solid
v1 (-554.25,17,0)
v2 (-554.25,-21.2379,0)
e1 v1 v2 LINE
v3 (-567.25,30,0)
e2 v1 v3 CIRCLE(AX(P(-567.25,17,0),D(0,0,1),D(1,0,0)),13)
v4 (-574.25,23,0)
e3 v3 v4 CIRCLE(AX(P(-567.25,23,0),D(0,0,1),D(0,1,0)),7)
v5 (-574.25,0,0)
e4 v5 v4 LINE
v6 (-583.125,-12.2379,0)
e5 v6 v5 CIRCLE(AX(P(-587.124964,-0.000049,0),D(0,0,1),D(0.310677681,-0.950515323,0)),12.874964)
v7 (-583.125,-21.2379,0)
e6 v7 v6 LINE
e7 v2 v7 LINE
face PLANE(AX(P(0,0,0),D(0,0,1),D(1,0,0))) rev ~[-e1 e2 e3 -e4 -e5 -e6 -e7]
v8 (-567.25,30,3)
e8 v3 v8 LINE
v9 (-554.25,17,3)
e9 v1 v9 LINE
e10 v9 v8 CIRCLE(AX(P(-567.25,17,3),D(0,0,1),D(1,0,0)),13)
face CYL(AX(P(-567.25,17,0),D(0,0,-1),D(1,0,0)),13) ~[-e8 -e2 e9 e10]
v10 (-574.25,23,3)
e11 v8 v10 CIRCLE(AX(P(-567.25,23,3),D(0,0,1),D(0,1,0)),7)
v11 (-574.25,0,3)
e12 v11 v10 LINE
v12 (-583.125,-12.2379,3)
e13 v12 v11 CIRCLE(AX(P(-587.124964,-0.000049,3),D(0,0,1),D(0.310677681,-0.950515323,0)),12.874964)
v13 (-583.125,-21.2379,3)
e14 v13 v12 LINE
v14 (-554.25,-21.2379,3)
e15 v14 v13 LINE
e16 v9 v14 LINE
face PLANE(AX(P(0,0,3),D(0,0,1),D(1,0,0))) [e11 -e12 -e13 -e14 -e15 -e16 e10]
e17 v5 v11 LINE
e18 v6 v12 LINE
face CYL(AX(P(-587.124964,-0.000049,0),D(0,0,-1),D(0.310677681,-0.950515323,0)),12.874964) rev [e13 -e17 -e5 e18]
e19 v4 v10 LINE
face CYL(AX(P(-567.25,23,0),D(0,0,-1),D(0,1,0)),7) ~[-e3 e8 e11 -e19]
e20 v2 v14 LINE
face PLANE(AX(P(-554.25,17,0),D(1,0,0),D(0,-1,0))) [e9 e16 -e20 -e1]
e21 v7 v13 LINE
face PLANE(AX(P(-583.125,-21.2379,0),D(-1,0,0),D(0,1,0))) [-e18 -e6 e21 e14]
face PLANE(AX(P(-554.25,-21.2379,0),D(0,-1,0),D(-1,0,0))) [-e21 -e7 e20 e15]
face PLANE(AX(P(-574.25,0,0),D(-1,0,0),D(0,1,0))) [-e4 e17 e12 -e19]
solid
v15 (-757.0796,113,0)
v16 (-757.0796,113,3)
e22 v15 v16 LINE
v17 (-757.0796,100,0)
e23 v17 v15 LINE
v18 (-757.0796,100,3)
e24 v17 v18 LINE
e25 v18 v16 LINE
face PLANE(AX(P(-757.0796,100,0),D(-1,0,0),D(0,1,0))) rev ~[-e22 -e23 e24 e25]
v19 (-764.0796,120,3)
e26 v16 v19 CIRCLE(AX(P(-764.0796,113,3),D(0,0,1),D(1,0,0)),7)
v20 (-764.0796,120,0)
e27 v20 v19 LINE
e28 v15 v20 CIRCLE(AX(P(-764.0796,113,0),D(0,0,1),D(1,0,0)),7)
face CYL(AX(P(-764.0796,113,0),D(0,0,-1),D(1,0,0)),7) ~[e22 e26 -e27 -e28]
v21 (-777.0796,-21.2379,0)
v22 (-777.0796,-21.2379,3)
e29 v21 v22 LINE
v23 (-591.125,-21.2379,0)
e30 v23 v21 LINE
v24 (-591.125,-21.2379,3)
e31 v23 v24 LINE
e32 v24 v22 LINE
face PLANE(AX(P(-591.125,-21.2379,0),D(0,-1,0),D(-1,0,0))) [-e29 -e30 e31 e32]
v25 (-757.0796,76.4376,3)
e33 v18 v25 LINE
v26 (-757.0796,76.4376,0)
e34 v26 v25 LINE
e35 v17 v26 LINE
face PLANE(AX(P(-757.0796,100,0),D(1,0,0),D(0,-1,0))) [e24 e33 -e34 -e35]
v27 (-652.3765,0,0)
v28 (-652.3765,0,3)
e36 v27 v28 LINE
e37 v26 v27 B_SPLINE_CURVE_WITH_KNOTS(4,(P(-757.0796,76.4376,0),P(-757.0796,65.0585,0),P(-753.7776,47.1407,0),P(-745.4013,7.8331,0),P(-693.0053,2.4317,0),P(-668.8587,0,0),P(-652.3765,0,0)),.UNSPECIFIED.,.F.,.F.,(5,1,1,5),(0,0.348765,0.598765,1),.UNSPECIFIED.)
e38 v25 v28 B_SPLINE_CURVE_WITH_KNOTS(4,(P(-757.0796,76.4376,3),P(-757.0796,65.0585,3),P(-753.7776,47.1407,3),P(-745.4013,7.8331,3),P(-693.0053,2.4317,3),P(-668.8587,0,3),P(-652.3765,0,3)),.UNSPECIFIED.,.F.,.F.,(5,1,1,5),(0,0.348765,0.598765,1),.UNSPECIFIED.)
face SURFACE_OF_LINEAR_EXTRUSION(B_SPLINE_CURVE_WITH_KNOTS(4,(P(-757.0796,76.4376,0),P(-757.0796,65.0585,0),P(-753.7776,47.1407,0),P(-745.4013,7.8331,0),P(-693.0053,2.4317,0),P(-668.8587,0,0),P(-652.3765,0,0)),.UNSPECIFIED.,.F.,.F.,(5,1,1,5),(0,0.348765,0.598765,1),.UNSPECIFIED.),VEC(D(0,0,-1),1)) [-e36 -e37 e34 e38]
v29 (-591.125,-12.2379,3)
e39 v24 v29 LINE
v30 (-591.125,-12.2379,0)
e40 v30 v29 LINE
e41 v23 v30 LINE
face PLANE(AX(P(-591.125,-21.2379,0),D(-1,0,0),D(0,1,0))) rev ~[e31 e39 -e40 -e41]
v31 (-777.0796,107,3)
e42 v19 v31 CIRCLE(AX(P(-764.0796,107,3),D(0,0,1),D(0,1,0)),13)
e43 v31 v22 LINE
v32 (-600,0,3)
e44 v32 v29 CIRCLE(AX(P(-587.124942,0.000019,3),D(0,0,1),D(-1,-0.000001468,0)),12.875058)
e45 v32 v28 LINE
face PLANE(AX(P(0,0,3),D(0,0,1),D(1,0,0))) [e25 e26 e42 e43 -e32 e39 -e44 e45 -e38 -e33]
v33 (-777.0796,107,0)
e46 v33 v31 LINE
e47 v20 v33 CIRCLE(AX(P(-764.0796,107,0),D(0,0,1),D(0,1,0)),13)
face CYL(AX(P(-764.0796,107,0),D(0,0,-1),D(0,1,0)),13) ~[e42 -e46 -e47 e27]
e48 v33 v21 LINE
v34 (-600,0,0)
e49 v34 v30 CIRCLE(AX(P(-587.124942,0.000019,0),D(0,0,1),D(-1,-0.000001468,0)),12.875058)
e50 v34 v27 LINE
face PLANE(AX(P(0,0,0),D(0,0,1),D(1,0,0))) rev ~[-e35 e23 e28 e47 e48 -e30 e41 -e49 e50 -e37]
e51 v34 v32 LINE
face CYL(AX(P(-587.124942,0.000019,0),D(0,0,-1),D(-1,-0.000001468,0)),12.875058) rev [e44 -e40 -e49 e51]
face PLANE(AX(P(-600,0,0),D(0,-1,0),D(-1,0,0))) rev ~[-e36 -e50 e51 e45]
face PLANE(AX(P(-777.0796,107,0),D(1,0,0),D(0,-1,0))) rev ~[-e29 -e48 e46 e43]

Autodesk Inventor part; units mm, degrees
ref_plane "YZ Plane" through (0, 0, 0) normal (1, 0, 0) x (0, 1, 0)
ref_plane "XZ Plane" through (0, 0, 0) normal (0, 1, 0) x (-1, 0, 0)
ref_plane "XY Plane" through (0, 0, 0) normal (0, 0, 1) x (1, 0, 0)
sketch "Sketch3" plane through (0, 0, 0) normal (0, 0, 1) x (1, 0, 0)
  circle A0 centre (368.0481, 50) radius 50 construction
  line L0 (368.0481, 0) -> (514.9541, 0) construction
  line L1 (368.0481, 50) -> (514.9541, 50) construction
  line L2 (368.0481, 100) -> (514.9541, 100) construction
  line L3 (368.0481, 50) -> (343.0481, 6.6987) construction
  line L4 (368.0481, 50) -> (324.7469, 25) construction
  line L5 (368.0481, 50) -> (324.7469, 75) construction
  line L6 (343.0481, 93.3013) -> (368.0481, 50) construction
  line L7 (393.0481, 93.3013) -> (368.0481, 50) construction
  line L8 (411.3494, 75) -> (368.0481, 50) construction
  line L9 (411.3494, 25) -> (368.0481, 50) construction
  line L10 (393.0481, 6.6987) -> (368.0481, 50) construction
  line L11 (368.0481, 0) -> (368.0481, 100) construction
  line L12 (418.0481, 50) -> (368.0481, 50) construction
  line L13 (341.8682, 0) -> (341.8682, 100) construction
  line L14 (315.6883, 0) -> (315.6883, 100) construction
  line L15 (289.5083, 0) -> (289.5083, 100) construction
  line L16 (263.3284, 0) -> (263.3284, 100) construction
  line L17 (237.1485, 0) -> (237.1485, 100) construction
  line L18 (210.9685, 0) -> (210.9685, 100) construction
  line L19 (184.7886, 0) -> (184.7886, 100) construction
  line L20 (158.6086, 0) -> (158.6086, 100) construction
  circle A1 centre (315.6883, 50) radius 50 construction
  circle A2 centre (341.8682, 50) radius 50 construction
  circle A3 centre (289.5083, 50) radius 50 construction
  circle A4 centre (263.3284, 50) radius 50 construction
  circle A5 centre (237.1485, 50) radius 50 construction
  circle A6 centre (210.9685, 50) radius 50 construction
  line L21 (393.0481, 6.6987) -> (514.9541, 6.6987) construction
  line L22 (411.3494, 25) -> (514.9541, 25) construction
  line L23 (411.3494, 75) -> (514.9541, 75) construction
  line L24 (411.3494, 75) -> (514.9541, 75) construction
  line L25 (393.0481, 93.3013) -> (514.9541, 93.3013) construction
  line L26 (358.9895, 75) -> (339.5083, 50) construction
  line L27 (339.5083, 50) -> (306.6297, 25) construction
  line L28 (306.6297, 25) -> (262.1485, 6.6987) construction
  line L29 (262.1485, 6.6987) -> (210.9685, 0) construction
  line L30 (105.4843, -12.0642) -> (105.4843, 125.3083) construction
  line L31 (25.75, 0) -> (25.75, 23)
  line L32 (45.75, 17) -> (45.75, -21.2379)
  arc A7 (32.75, 30) -> (25.75, 23) centre (32.75, 23) ccw
  arc A8 (45.75, 17) -> (32.75, 30) centre (32.75, 17) ccw
  line L33 (32.75, 17) -> (45.75, 17) construction
  line L34 (32.75, 17) -> (32.75, 30) construction
  arc A9 (0, 0) -> (8.875, -12.2379) centre (12.875, 0) ccw
  arc A10 (16.875, -12.2379) -> (25.75, 0) centre (12.875, 0) ccw
  line L35 (45.75, -21.2379) -> (16.875, -21.2379)
  line L36 (8.875, -21.2379) -> (-177.0796, -21.2379)
  circle A11 centre (-144.2046, 110.3653) radius 12.875 construction
  line L37 (8.875, -21.2379) -> (8.875, -12.2379)
  line L38 (16.875, -21.2379) -> (16.875, -12.2379)
  line L39 (411.3494, 75) -> (158.6086, 75) construction
  line L40 (368.0481, 100) -> (158.6086, 100) construction
  line L41 (418.0481, 50) -> (158.6086, 50) construction
  line L42 (411.3494, 25) -> (158.6086, 25) construction
  line L43 (393.0481, 6.6987) -> (158.6086, 6.6987) construction
  line L44 (393.0481, 93.3013) -> (158.6086, 93.3013) construction
  line L45 (358.9895, 75) -> (366.8682, 93.3013) construction
  line L46 (366.8682, 93.3013) -> (368.0481, 100) construction
  spline S0 degree 4 poles (-157.0796, 100) (-157.0796, 88.9946) (-147.011, 72.6811) (-131.8577, 48.7932) (-88.4777, 17.6268) (-50.0176, 3.937) (-18.8717, 0) (0, 0) knots 0 0 0 0 0 0.264547 0.457223 0.66608 1 1 1 1 1
  line L47 (-157.0796, 100) -> (-157.0796, 81.2146) construction
  line L48 (0, 0) -> (-42.8818, 0) construction
  line L49 (-157.0796, 100) -> (-157.0796, 113)
  line L50 (-144.2046, 110.3653) -> (-157.0796, 110.3653) construction
  line L51 (-147.6984, 94.0277) -> (-120.1158, 108.3975) construction
  line L52 (-157.0796, 100) -> (0, 0) construction
  circle A12 centre (-147.2046, 105.4197) radius 9.875 construction
  line L53 (-147.2046, 105.4197) -> (-157.0796, 105.4197) construction
  line L54 (-146.1623, 94.828) -> (-144.7762, 92.1674) construction
  line L55 (-144.7762, 92.1674) -> (-142.2689, 93.4736) construction
  line L56 (-177.0796, 107) -> (-177.0796, -21.2379)
  arc A13 (-157.0796, 113) -> (-164.0796, 120) centre (-164.0796, 113) ccw
  line L57 (-164.0796, 113) -> (-164.0796, 120) construction
  line L58 (-164.0796, 113) -> (-157.0796, 113) construction
  arc A14 (-164.0796, 120) -> (-177.0796, 107) centre (-164.0796, 107) ccw
  line L59 (-164.0796, 107) -> (-177.0796, 107) construction
  line L60 (-164.0796, 107) -> (-164.0796, 120) construction
  line L61 (-457.0796, 100) -> (-300, 0)
  line L62 (-757.0796, 100) -> (-757.0796, 76.4376)
  line L63 (-600, 0) -> (-652.3765, 0)
  spline S1 degree 4 poles (-757.0796, 76.4376) (-757.0796, 65.0585) (-753.7776, 47.1407) (-745.4013, 7.8331) (-693.0053, 2.4317) (-668.8587, 0) (-652.3765, 0) knots 0 0 0 0 0 0.348765 0.598765 1 1 1 1 1
  line L64 (-477.0796, 107) -> (-477.0796, -21.2379)
  arc A15 (-464.0796, 120) -> (-477.0796, 107) centre (-464.0796, 107) ccw
  arc A16 (-457.0796, 113) -> (-464.0796, 120) centre (-464.0796, 113) ccw
  line L65 (-457.0796, 100) -> (-457.0796, 113)
  circle A17 centre (-447.2046, 105.4197) radius 9.875 construction
  circle A18 centre (-444.2046, 110.3653) radius 12.875 construction
  line L66 (-457.0796, 100) -> (-300, 0) construction
  line L67 (-447.6984, 94.0277) -> (-420.1158, 108.3975) construction
  line L68 (-444.7762, 92.1674) -> (-442.2689, 93.4736) construction
  line L69 (-446.1623, 94.828) -> (-444.7762, 92.1674) construction
  line L70 (-291.125, -21.2379) -> (-477.0796, -21.2379)
  arc A19 (-300, 0) -> (-291.125, -12.2379) centre (-287.125, 0) ccw
  line L71 (-291.125, -21.2379) -> (-291.125, -12.2379)
  line L72 (-283.125, -21.2379) -> (-283.125, -12.2379)
  arc A20 (-283.125, -12.2379) -> (-274.25, 0) centre (-287.125, 0) ccw
  line L73 (-254.25, -21.2379) -> (-283.125, -21.2379)
  line L74 (-254.25, 17) -> (-254.25, -21.2379)
  line L75 (-274.25, 0) -> (-274.25, 23)
  arc A21 (-267.25, 30) -> (-274.25, 23) centre (-267.25, 23) ccw
  arc A22 (-254.25, 17) -> (-267.25, 30) centre (-267.25, 17) ccw
  line L76 (-777.0796, 107) -> (-777.0796, -21.2379)
  arc A23 (-764.0796, 120) -> (-777.0796, 107) centre (-764.0796, 107) ccw
  arc A24 (-757.0796, 113) -> (-764.0796, 120) centre (-764.0796, 113) ccw
  line L77 (-757.0796, 100) -> (-757.0796, 113)
  circle A25 centre (-747.2046, 105.4197) radius 9.875 construction
  circle A26 centre (-744.2046, 110.3653) radius 12.875 construction
  line L78 (-757.0796, 100) -> (-600, 0) construction
  line L79 (-747.6984, 94.0277) -> (-720.1158, 108.3975) construction
  line L80 (-744.7762, 92.1674) -> (-742.2689, 93.4736) construction
  line L81 (-746.1623, 94.828) -> (-744.7762, 92.1674) construction
  line L82 (-591.125, -21.2379) -> (-777.0796, -21.2379)
  arc A27 (-600, 0) -> (-591.125, -12.2379) centre (-587.125, 0) ccw
  line L83 (-591.125, -21.2379) -> (-591.125, -12.2379)
  line L84 (-583.125, -21.2379) -> (-583.125, -12.2379)
  arc A28 (-583.125, -12.2379) -> (-574.25, 0) centre (-587.125, 0) ccw
  line L85 (-554.25, -21.2379) -> (-583.125, -21.2379)
  line L86 (-554.25, 17) -> (-554.25, -21.2379)
  line L87 (-574.25, 0) -> (-574.25, 23)
  arc A29 (-567.25, 30) -> (-574.25, 23) centre (-567.25, 23) ccw
  arc A30 (-554.25, 17) -> (-567.25, 30) centre (-567.25, 17) ccw
  line L88 (32.75, -233) -> (45.75, -233) construction
  line L89 (32.75, -233) -> (32.75, -220) construction
  arc A31 (45.75, -233) -> (32.75, -220) centre (32.75, -233) ccw construction
  line L90 (25.75, -250) -> (25.75, -227) construction
  line L91 (45.75, -233) -> (45.75, -271.2379) construction
  arc A32 (16.875, -262.2379) -> (25.75, -250) centre (12.875, -250) ccw construction
  line L92 (45.75, -271.2379) -> (16.875, -271.2379) construction
  arc A33 (0, -250) -> (8.875, -262.2379) centre (12.875, -250) ccw construction
  arc A34 (32.75, -220) -> (25.75, -227) centre (32.75, -227) ccw construction
  line L93 (8.875, -271.2379) -> (-177.0796, -271.2379) construction
  line L94 (-157.0796, -150) -> (0, -250) construction
  spline S2 degree 4 poles (-157.0796, -150) (-157.0796, -161.0054) (-147.011, -177.3189) (-131.8577, -201.2068) (-88.4777, -232.3732) (-50.0176, -246.063) (-18.8717, -250) (0, -250) knots 0 0 0 0 0 0.264547 0.457223 0.66608 1 1 1 1 1 construction
  line L95 (-177.0796, -143) -> (-177.0796, -271.2379)
  line L96 (-146.1623, -155.172) -> (-144.7762, -157.8326) construction
  line L97 (-144.7762, -157.8326) -> (-142.2689, -156.5264) construction
  line L98 (-147.6984, -155.9723) -> (-120.1158, -141.6025) construction
  line L99 (-157.0796, -150) -> (-157.0796, -168.7854) construction
  line L100 (-147.2046, -144.5803) -> (-157.0796, -144.5803) construction
  line L101 (-144.2046, -139.6347) -> (-157.0796, -139.6347) construction
  circle A35 centre (-147.2046, -144.5803) radius 9.875 construction
  line L102 (0, -250) -> (-42.8818, -250) construction
  line L103 (16.875, -271.2379) -> (16.875, -262.2379) construction
  line L104 (8.875, -271.2379) -> (8.875, -262.2379) construction
  circle A36 centre (-144.2046, -139.6347) radius 12.875 construction
  line L105 (-164.0796, -143) -> (-177.0796, -143) construction
  line L106 (-157.0796, -150) -> (-157.0796, -137) construction
  line L107 (-164.0796, -137) -> (-157.0796, -137) construction
  arc A37 (-157.0796, -137) -> (-164.0796, -130) centre (-164.0796, -137) ccw
  line L108 (-164.0796, -137) -> (-164.0796, -130) construction
  line L109 (-164.0796, -143) -> (-164.0796, -130) construction
  arc A38 (-164.0796, -130) -> (-177.0796, -143) centre (-164.0796, -143) ccw
  arc A39 (32.75, -227) -> (25.75, -234) centre (32.75, -234) ccw
  line L110 (32.75, -234) -> (25.75, -234) construction
  line L111 (32.75, -234) -> (32.75, -227) construction
  line L112 (45.75, -271.2379) -> (-177.0796, -271.2379)
  arc A40 (45.75, -240) -> (32.75, -227) centre (32.75, -240) ccw
  line L113 (32.75, -240) -> (45.75, -240) construction
  line L114 (32.75, -240) -> (32.75, -227) construction
  line L115 (45.75, -240) -> (45.75, -271.2379)
  line L116 (0, -242) -> (25.75, -242)
  line L117 (25.75, -234) -> (25.75, -242)
  line L118 (-149.0796, -145.6094) -> (-149.0796, -150)
  line L119 (-149.0796, -145.6094) -> (-157.0796, -140.5164)
  line L120 (-157.0796, -140.5164) -> (-157.0796, -137)
  line L121 (57.9242, -250) -> (-50.1018, -250) construction
  spline S3 degree 4 poles (-149.0796, -150) (-149.0796, -154.1011) (-147.2668, -159.7716) (-135.8793, -178.0796) (-120.229, -197.0865) (-83.3361, -225.9308) (-47.2959, -235.9761) (-18.0598, -242) (0, -242) knots 0 0 0 0 0 0.173174 0.31592 0.488873 0.682943 1 1 1 1 1
  line L122 (-158.9844, -148.7874) -> (-160.5796, -147.7718) construction
  line L123 (-149.0796, -145.6094) -> (2.3304, -242) construction
  line L124 (-149.0796, -145.6094) -> (-139.5059, -151.7042)
  line L125 (-146.1623, -155.172) -> (-139.5059, -151.7042)
  line L126 (-144.7762, -157.8326) -> (-146.1623, -155.172)
  line L127 (-144.7762, -157.8326) -> (-136.5837, -153.5646)
  line L128 (-136.5837, -153.5646) -> (-134.053, -155.1756)
  line L129 (-136.5837, -153.5646) -> (-136.7042, -153.7538) construction
  line L130 (-134.053, -155.1756) -> (-134.1481, -155.3251) construction
  spline S4 degree 4 poles (-134.053, -155.1756) (-136.385, -157.4458) (-136.0537, -162.1257) (-140.7465, -169.8747) (-137.1035, -175.12) knots 0 0 0 0 0 1 1 1 1 1
  line L131 (-134.053, -155.1756) -> (-131.4385, -154.0999) construction
  line L132 (-254.25, -271.2379) -> (-477.0796, -271.2379)
  line L133 (-477.0796, -143) -> (-477.0796, -271.2379)
  arc A41 (-464.0796, -130) -> (-477.0796, -143) centre (-464.0796, -143) ccw
  arc A42 (-457.0796, -137) -> (-464.0796, -130) centre (-464.0796, -137) ccw
  line L134 (-457.0796, -140.5164) -> (-457.0796, -137)
  line L135 (-449.0796, -145.6094) -> (-457.0796, -140.5164)
  line L136 (-449.0796, -145.6094) -> (-439.5059, -151.7042)
  line L137 (-446.1623, -155.172) -> (-439.5059, -151.7042)
  line L138 (-444.7762, -157.8326) -> (-446.1623, -155.172)
  line L139 (-444.7762, -157.8326) -> (-436.5837, -153.5646)
  line L140 (-436.5837, -153.5646) -> (-434.053, -155.1756)
  line L141 (-449.0796, -145.6094) -> (-297.6696, -242) construction
  line L142 (-300, -242) -> (-274.25, -242)
  line L143 (-274.25, -234) -> (-274.25, -242)
  arc A43 (-267.25, -227) -> (-274.25, -234) centre (-267.25, -234) ccw
  arc A44 (-254.25, -240) -> (-267.25, -227) centre (-267.25, -240) ccw
  line L144 (-254.25, -240) -> (-254.25, -271.2379)
  circle A45 centre (-447.2046, -144.5803) radius 9.875 construction
  line L145 (-457.0796, -150) -> (-300, -250) construction
  circle A46 centre (-444.2046, -139.6347) radius 12.875 construction
  line L146 (-554.25, -271.2379) -> (-777.0796, -271.2379)
  line L147 (-777.0796, -143) -> (-777.0796, -271.2379)
  arc A47 (-764.0796, -130) -> (-777.0796, -143) centre (-764.0796, -143) ccw
  arc A48 (-757.0796, -137) -> (-764.0796, -130) centre (-764.0796, -137) ccw
  line L148 (-757.0796, -140.5164) -> (-757.0796, -137)
  line L149 (-749.0796, -145.6094) -> (-757.0796, -140.5164)
  line L150 (-749.0796, -145.6094) -> (-739.5059, -151.7042)
  line L151 (-746.1623, -155.172) -> (-739.5059, -151.7042)
  line L152 (-744.7762, -157.8326) -> (-746.1623, -155.172)
  line L153 (-744.7762, -157.8326) -> (-736.5837, -153.5646)
  line L154 (-736.5837, -153.5646) -> (-734.053, -155.1756)
  line L155 (-749.0796, -145.6094) -> (-597.6696, -242) construction
  line L156 (-600, -242) -> (-574.25, -242)
  line L157 (-574.25, -234) -> (-574.25, -242)
  arc A49 (-567.25, -227) -> (-574.25, -234) centre (-567.25, -234) ccw
  arc A50 (-554.25, -240) -> (-567.25, -227) centre (-567.25, -240) ccw
  line L158 (-554.25, -240) -> (-554.25, -271.2379)
  circle A51 centre (-747.2046, -144.5803) radius 9.875 construction
  line L159 (-757.0796, -150) -> (-600, -250) construction
  circle A52 centre (-744.2046, -139.6347) radius 12.875 construction
  line L160 (-297.6696, -242) -> (-434.053, -155.1756)
  spline S5 degree 4 poles (-757.0796, -173.5624) (-757.0796, -184.9415) (-753.7776, -202.8593) (-745.4013, -242.1669) (-693.0053, -247.5683) (-668.8587, -250) (-652.3765, -250) knots 0 0 0 0 0 0.348765 0.598765 1 1 1 1 1 construction
  line L161 (-757.0796, -150) -> (-757.0796, -173.5624)
  line L162 (-600, -250) -> (-652.3765, -250) construction
  line L163 (-600, -242) -> (-652.3765, -242)
  spline S6 degree 4 poles (-749.0796, -173.5624) (-749.0796, -183.7991) (-746.0176, -199.7502) (-737.9559, -236.335) (-690.8375, -239.2991) (-667.8077, -242) (-652.3765, -242) knots 0 0 0 0 0 0.346383 0.596383 1 1 1 1 1
  line L164 (-749.0796, -173.5624) -> (-749.0796, -170.035) construction
  spline S7 degree 3 poles (-734.053, -155.1756) (-737.3186, -159.7629) (-749.7015, -168.8589) (-748.818, -180.0805) knots 0 0 0 0 1 1 1 1
  point P0 (158.6086, 0)
  point P1 (-148.021, 75)
  point P2 (-128.5398, 50)
  point P3 (-95.6611, 25)
  point P4 (-51.1799, 6.6987)
  point P5 (-155.8997, 93.3013)
  point P6 (-753.2027, 48.1984)
  point P7 (-737.7866, 19.9116)
  point P8 (-697.6619, 3.8098)
  point P9 (-457.0796, 110.3653)
  point P10 (-457.0796, 105.4197)
  point P11 (-757.0796, 110.3653)
  point P12 (-757.0796, 105.4197)
  point P13 (-51.1799, -243.3013)
  point P14 (-95.6611, -225)
  point P15 (-148.021, -175)
  point P16 (-128.5398, -200)
  point P17 (-155.8997, -156.6987)
  point P18 (-157.0796, -141.4334)
  point P19 (-153.0796, -143.0629)
  point P20 (-152.1421, -144.5803)
  point P21 (3.9112, -250)
  point P22 (-147.2046, -158.2164)
  point P23 (-137.7547, -174.1759)
  point P24 (-121.904, -193.5196)
  point P25 (-91.5665, -216.9339)
  point P26 (-48.8291, -234.4712)
  point P27 (-135.7378, -158.235)
  point P28 (-137.8094, -165.5825)
  point P29 (-453.0796, -143.0629)
  point P30 (-457.0796, -144.5803)
  point P31 (-447.6984, -155.9723)
  point P32 (-457.0796, -139.6347)
  point P33 (-753.0796, -143.0629)
  point P34 (-757.0796, -144.5803)
  point P35 (-747.6984, -155.9723)
  point P36 (-757.0796, -139.6347)
  point P37 (-753.2027, -201.8016)
  point P38 (-737.7866, -230.0884)
  point P39 (-697.6619, -246.1902)
  point P40 (-745.4939, -198.9007)
  point P41 (-731.3987, -224.5882)
  point P42 (-695.3384, -238.4632)
  point P43 (-741.9594, -163.8889)
  point P44 (-300, 0)
  dimension "d43" = 25.75
  dimension "d53" = 19.75
  dimension "diameter" = 100
  dimension "d8" = 26.1799
  dimension "d14" = 30
  dimension "d15" = 30
  dimension "d16" = 30
  dimension "d26" = 90
  dimension "stopper" = 30
  dimension "stopperthickness" = 20
  dimension "d32" = 12.875
  dimension "d33" = 12.875
  dimension "d38" = 6
  dimension "d47" = 8
  dimension "d49" = 9
  dimension "d55" = 120
  dimension "d56" = 3
  dimension "d57" = 90
  dimension "d58" = 90
  dimension "d59" = 20
  dimension "d60" = 6
  dimension "d61" = 20
  dimension "d62" = 28.875
  dimension "d72" = 300
  dimension "d93" = 250
  dimension "d98" = 90
  dimension "d99" = 44.2379
  dimension "d100" = 37.2379
  dimension "d101" = 90
  dimension "railheight" = 8
  dimension "d104" = 8
  dimension "d105" = 8
  dimension "d106" = 3
  dimension "d109" = 300
  dimension "d116" = 250
  dimension "d121" = 8
extrude "Extrusion1" add sketch "Sketch3" along normal blind 3 contours L62 S1 L63 A27 L83 L82 L76 A23 A24 L77 | L84 A28 L87 A29 A30 L86 L85
equation "\"d8\" = 0.261799 * diameter"
properties part number "steep-path"
